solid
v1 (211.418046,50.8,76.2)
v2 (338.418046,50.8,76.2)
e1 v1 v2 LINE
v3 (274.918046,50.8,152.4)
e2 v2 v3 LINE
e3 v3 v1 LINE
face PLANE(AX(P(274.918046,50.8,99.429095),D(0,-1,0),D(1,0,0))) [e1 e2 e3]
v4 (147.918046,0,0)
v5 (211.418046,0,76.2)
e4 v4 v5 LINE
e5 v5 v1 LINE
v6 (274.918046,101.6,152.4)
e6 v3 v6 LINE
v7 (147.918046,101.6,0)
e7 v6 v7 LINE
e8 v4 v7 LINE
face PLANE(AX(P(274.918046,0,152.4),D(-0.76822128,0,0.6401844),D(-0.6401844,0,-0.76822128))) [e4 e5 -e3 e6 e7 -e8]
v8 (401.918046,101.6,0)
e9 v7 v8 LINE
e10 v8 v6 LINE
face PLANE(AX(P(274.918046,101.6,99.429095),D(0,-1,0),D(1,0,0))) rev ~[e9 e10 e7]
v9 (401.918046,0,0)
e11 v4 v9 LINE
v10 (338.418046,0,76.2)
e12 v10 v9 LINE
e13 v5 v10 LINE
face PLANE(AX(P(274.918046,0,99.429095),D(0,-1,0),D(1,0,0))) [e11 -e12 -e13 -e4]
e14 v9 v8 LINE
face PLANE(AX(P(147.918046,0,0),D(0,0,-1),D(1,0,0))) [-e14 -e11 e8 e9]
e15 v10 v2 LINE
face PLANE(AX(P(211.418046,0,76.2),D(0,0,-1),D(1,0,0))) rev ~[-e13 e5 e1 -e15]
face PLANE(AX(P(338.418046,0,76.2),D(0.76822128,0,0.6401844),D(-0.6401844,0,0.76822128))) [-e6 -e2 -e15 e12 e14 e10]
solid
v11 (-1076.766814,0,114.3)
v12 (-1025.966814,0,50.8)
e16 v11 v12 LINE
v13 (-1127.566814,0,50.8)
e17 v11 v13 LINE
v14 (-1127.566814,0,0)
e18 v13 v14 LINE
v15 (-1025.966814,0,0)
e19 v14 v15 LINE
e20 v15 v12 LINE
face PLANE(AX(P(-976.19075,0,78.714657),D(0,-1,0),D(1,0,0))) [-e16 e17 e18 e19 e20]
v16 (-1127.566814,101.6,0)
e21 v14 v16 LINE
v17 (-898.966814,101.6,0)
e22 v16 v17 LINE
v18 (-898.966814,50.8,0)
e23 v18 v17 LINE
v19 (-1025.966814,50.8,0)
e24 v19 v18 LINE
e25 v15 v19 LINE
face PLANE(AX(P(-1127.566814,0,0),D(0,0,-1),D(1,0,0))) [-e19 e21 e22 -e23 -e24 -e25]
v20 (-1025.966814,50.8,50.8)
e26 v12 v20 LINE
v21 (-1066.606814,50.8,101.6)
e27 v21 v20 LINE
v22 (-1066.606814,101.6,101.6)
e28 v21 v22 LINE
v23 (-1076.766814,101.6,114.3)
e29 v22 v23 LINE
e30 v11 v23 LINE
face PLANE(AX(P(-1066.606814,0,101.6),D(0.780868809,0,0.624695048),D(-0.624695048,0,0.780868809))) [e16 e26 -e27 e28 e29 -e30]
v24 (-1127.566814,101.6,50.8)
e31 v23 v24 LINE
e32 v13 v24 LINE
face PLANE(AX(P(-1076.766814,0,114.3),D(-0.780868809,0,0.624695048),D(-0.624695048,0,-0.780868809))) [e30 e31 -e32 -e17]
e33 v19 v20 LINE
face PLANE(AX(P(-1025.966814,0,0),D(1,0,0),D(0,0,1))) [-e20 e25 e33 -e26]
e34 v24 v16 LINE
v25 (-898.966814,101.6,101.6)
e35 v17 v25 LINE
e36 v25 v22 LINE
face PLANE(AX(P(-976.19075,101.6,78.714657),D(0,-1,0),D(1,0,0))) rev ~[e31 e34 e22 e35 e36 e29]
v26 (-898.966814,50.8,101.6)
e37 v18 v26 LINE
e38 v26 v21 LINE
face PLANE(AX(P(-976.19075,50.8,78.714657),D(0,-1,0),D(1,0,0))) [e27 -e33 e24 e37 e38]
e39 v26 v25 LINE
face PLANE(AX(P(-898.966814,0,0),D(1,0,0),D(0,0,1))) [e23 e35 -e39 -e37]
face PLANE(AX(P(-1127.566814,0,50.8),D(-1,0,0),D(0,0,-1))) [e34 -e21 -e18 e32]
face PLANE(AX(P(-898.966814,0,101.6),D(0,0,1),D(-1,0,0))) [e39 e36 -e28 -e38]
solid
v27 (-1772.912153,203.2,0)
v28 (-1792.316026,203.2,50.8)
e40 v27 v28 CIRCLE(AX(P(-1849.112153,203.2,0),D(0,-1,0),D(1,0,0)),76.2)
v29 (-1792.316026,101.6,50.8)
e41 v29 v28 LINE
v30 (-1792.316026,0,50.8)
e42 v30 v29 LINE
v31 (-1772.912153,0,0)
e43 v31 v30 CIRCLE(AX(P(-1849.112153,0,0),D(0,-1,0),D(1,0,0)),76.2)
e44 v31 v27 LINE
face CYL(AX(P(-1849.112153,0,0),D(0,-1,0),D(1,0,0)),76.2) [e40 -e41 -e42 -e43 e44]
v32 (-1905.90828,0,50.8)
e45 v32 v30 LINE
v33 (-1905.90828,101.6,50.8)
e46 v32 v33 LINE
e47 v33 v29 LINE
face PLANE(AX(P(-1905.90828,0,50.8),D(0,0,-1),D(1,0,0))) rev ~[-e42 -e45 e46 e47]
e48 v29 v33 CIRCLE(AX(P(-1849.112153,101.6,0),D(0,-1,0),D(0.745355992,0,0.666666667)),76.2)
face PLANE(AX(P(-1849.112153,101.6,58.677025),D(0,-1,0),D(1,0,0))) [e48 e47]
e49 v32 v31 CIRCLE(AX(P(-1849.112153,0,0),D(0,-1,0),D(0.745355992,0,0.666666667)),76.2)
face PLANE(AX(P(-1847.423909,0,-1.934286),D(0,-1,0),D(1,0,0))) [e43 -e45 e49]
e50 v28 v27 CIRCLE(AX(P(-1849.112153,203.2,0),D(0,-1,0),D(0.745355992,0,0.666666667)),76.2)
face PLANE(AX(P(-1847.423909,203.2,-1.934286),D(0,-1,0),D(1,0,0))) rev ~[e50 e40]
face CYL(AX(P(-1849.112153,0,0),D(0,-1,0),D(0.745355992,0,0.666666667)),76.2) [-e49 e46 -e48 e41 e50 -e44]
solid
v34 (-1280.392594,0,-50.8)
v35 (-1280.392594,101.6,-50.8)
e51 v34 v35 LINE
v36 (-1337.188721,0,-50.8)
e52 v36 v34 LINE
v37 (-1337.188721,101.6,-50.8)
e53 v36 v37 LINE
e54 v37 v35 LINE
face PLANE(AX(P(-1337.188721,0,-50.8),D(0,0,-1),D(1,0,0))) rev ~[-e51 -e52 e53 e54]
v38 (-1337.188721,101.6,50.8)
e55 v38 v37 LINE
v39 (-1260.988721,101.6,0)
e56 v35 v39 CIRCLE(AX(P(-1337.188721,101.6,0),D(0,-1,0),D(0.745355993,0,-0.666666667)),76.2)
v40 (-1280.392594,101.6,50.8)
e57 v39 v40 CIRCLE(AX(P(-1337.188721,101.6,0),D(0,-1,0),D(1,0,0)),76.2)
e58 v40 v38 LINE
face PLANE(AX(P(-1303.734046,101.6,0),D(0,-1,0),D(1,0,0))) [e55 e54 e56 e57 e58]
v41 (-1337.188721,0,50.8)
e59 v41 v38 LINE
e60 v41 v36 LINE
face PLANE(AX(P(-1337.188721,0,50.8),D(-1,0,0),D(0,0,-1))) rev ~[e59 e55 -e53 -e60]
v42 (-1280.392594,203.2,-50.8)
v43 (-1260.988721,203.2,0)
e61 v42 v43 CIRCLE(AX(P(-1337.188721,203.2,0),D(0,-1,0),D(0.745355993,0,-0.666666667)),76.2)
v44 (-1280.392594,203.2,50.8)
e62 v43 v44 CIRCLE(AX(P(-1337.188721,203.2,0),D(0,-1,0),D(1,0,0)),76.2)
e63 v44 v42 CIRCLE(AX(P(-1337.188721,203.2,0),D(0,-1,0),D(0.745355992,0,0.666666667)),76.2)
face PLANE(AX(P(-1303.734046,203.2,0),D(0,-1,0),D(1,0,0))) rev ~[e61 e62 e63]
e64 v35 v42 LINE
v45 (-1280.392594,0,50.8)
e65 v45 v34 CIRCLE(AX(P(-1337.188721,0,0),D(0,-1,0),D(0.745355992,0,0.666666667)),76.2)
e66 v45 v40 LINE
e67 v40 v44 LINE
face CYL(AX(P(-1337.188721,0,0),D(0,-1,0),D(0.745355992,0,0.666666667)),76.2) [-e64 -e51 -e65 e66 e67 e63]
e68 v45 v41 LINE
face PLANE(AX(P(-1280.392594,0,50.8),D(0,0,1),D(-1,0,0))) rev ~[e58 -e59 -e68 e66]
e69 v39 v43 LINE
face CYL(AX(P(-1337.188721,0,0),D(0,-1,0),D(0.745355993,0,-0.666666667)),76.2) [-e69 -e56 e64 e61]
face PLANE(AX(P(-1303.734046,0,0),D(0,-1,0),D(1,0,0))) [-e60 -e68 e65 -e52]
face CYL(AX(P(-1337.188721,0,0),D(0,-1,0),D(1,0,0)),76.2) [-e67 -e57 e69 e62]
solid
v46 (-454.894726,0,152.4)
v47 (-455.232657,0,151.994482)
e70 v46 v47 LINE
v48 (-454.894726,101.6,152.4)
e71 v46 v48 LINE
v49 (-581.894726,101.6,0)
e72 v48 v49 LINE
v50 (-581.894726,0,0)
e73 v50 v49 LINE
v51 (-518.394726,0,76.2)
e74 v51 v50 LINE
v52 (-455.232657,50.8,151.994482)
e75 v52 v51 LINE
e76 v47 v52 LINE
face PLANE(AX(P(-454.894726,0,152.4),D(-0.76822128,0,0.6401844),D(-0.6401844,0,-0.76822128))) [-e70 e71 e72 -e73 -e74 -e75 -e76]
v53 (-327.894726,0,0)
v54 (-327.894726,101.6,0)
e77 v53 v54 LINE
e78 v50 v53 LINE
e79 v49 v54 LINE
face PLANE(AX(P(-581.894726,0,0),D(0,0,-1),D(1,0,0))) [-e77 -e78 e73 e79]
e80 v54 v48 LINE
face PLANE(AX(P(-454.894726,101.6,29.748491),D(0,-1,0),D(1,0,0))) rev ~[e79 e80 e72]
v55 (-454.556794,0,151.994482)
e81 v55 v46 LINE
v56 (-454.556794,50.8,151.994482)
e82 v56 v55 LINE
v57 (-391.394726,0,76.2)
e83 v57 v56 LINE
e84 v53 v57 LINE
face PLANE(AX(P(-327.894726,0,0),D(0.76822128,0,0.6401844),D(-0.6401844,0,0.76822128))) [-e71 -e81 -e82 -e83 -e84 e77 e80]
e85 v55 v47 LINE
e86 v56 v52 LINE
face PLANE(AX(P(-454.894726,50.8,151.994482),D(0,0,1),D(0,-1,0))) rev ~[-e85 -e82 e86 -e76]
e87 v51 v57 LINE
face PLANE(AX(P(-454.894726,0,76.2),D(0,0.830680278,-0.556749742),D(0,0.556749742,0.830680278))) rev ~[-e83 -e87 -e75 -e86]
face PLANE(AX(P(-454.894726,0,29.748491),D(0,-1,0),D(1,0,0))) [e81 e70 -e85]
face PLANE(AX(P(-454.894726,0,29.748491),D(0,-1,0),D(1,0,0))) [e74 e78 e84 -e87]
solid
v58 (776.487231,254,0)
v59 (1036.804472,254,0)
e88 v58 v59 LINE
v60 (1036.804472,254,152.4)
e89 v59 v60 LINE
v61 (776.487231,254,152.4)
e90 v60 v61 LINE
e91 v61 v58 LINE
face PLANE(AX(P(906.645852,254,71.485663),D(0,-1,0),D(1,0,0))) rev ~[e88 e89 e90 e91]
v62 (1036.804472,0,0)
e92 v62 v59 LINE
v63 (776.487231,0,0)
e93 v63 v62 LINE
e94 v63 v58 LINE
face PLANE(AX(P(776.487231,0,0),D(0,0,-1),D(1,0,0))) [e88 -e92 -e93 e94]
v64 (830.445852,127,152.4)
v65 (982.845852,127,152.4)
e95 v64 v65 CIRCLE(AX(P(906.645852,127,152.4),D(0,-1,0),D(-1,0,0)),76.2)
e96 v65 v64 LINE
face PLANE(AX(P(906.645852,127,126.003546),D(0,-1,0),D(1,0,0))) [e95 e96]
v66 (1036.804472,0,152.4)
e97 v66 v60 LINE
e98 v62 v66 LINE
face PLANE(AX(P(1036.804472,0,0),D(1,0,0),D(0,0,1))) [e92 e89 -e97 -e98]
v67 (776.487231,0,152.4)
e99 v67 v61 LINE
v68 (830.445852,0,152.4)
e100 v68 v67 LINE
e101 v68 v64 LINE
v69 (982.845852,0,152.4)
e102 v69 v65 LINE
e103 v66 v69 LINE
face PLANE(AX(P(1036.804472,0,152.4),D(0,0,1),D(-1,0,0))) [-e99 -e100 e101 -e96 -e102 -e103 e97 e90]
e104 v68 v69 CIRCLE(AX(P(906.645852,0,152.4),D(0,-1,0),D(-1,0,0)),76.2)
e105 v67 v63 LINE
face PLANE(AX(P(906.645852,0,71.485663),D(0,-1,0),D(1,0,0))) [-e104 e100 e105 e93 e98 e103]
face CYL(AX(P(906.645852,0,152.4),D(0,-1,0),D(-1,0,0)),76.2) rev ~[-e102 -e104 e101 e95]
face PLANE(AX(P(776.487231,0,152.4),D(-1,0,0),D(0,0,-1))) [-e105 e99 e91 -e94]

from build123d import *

# Parameters (mm, degrees)
F1_DEPTH  = 101.6
F2_DEPTH  = 101.6
F3_DEPTH  = 50.8
F5_DEPTH  = 101.6
F9_DEPTH  = 63.5
F10_W     = 127
F10_H     = 50.8
F11_DEPTH = 101.6
F12_DEPTH = 50.8
F14_DEPTH = 203.2
F15_DEPTH = 101.6
F17_DEPTH = 203.2
F18_DEPTH = 101.6
F20_DEPTH = 254
F21_DEPTH = 127


with BuildPart() as f1:
    # F0 (on Front) → F1 (new body)
    with BuildSketch(Plane.XZ):
        Polygon((211.4180455208, 76.2), (147.9180455208, 0), (401.9180455208, 0), (338.4180455208, 76.2), align=None)
    extrude(amount=-F1_DEPTH)

    # F0 (on Front) → F2 (join)
    with BuildSketch(Plane.XZ):
        Polygon((274.9180455208, 152.4), (211.4180455208, 76.2), (338.4180455208, 76.2), align=None)
    extrude(amount=-F2_DEPTH)

    # F0 (on Front) → F3 (cut)
    with BuildSketch(Plane.XZ):
        Polygon((274.9180455208, 152.4), (211.4180455208, 76.2), (338.4180455208, 76.2), align=None)
    extrude(amount=-F3_DEPTH, mode=Mode.SUBTRACT)


with BuildPart() as f5:
    # F4 (on Front) → F5 (new body)
    with BuildSketch(Plane.XZ):
        Polygon((-581.8947255611, 0), (-327.8947255611, 0), (-391.3947255611, 76.2), (-454.8947255611, 76.2), (-518.3947255611, 76.2), align=None)
        Polygon((-454.8947255611, 76.2), (-391.3947255611, 76.2), (-454.8947255611, 152.4), align=None)
        Polygon((-454.8947255611, 152.4), (-518.3947255611, 76.2), (-454.8947255611, 76.2), align=None)
    extrude(amount=-F5_DEPTH)

    # F8 (on 3pt) → F9 (cut, symmetric)
    with BuildSketch(Plane.YZ.offset(-454.8947255611)):
        Polygon((0, 151.9944816828), (0, 76.2), (50.8, 151.9944816828), align=None)
    extrude(amount=F9_DEPTH, both=True, mode=Mode.SUBTRACT)


with BuildPart() as f11:
    # F10 (on Front) → F11 (new body)
    with BuildSketch(Plane.XZ):
        Polygon((-1025.9668144226, 50.8), (-898.9668144226, 50.8), (-898.9668144226, 101.6), (-1066.6068144226, 101.6), align=None)
        Polygon((-1127.5668144226, 0), (-1025.9668144226, 0), (-1025.9668144226, 50.8), (-1066.6068144226, 101.6), (-1076.7668144226, 114.3), (-1127.5668144226, 50.8), align=None)
        with Locations((-962.4668144226, 25.4)):
            Rectangle(F10_W, F10_H)
    extrude(amount=-F11_DEPTH)

    # F10 (on Front) → F12 (cut)
    with BuildSketch(Plane.XZ):
        Polygon((-1025.9668144226, 50.8), (-898.9668144226, 50.8), (-898.9668144226, 101.6), (-1066.6068144226, 101.6), align=None)
        with Locations((-962.4668144226, 25.4)):
            Rectangle(F10_W, F10_H)
    extrude(amount=-F12_DEPTH, mode=Mode.SUBTRACT)


with BuildPart() as f14:
    # F13 (on Front) → F14 (new body)
    with BuildSketch(Plane.XZ):
        with BuildLine():
            ThreePointArc((-1905.9082796818, 50.8), (-1876.301996294, -71.183933753), (-1772.9121530533, 0))
            ThreePointArc((-1772.9121530533, 0), (-1777.9282193003, 27.1898432407), (-1792.3160264248, 50.8))
            Line((-1792.3160264248, 50.8), (-1849.1121530533, 50.8))
            Line((-1849.1121530533, 50.8), (-1905.9082796818, 50.8))
        make_face()
        with BuildLine():
            Line((-1849.1121530533, 50.8), (-1792.3160264248, 50.8))
            ThreePointArc((-1792.3160264248, 50.8), (-1849.1121530533, 76.2), (-1905.9082796818, 50.8))
            Line((-1905.9082796818, 50.8), (-1849.1121530533, 50.8))
        make_face()
    extrude(amount=-F14_DEPTH)

    # F13 (on Front) → F15 (cut)
    with BuildSketch(Plane.XZ):
        with BuildLine():
            Line((-1849.1121530533, 50.8), (-1792.3160264248, 50.8))
            ThreePointArc((-1792.3160264248, 50.8), (-1849.1121530533, 76.2), (-1905.9082796818, 50.8))
            Line((-1905.9082796818, 50.8), (-1849.1121530533, 50.8))
        make_face()
    extrude(amount=-F15_DEPTH, mode=Mode.SUBTRACT)


with BuildPart() as f17:
    # F16 (on Front) → F17 (new body)
    with BuildSketch(Plane.XZ):
        with BuildLine():
            ThreePointArc((-1280.3925940746, -50.8), (-1266.0047869502, -27.1898432407), (-1260.9887207031, 0))
            ThreePointArc((-1260.9887207031, 0), (-1266.0047869502, 27.1898432407), (-1280.3925940746, 50.8))
            Line((-1280.3925940746, 50.8), (-1337.1887207031, 50.8))
            Line((-1337.1887207031, 50.8), (-1337.1887207031, 0))
            Line((-1337.1887207031, 0), (-1337.1887207031, -50.8))
            Line((-1337.1887207031, -50.8), (-1280.3925940746, -50.8))
        make_face()
        with BuildLine():
            Line((-1337.1887207031, 50.8), (-1280.3925940746, 50.8))
            ThreePointArc((-1280.3925940746, 50.8), (-1413.3887207031, 0), (-1280.3925940746, -50.8))
            Line((-1280.3925940746, -50.8), (-1337.1887207031, -50.8))
            Line((-1337.1887207031, -50.8), (-1337.1887207031, 0))
            Line((-1337.1887207031, 0), (-1337.1887207031, 50.8))
        make_face()
    extrude(amount=-F17_DEPTH)

    # F16 (on Front) → F18 (cut)
    with BuildSketch(Plane.XZ):
        with BuildLine():
            ThreePointArc((-1280.3925940746, -50.8), (-1266.0047869502, -27.1898432407), (-1260.9887207031, 0))
            ThreePointArc((-1260.9887207031, 0), (-1266.0047869502, 27.1898432407), (-1280.3925940746, 50.8))
            Line((-1280.3925940746, 50.8), (-1337.1887207031, 50.8))
            Line((-1337.1887207031, 50.8), (-1337.1887207031, 0))
            Line((-1337.1887207031, 0), (-1337.1887207031, -50.8))
            Line((-1337.1887207031, -50.8), (-1280.3925940746, -50.8))
        make_face()
    extrude(amount=-F18_DEPTH, mode=Mode.SUBTRACT)


with BuildPart() as f20:
    # F19 (on Front) → F20 (new body)
    with BuildSketch(Plane.XZ):
        with BuildLine():
            Line((776.4872312546, 152.4), (776.4872312546, 0))
            Line((776.4872312546, 0), (1036.8044717789, 0))
            Line((1036.8044717789, 0), (1036.8044717789, 152.4))
            Line((1036.8044717789, 152.4), (986.0044717789, 152.4))
            Line((986.0044717789, 152.4), (982.8458515167, 152.4))
            ThreePointArc((982.8458515167, 152.4), (906.6458515167, 76.2), (830.4458515167, 152.4))
            Line((830.4458515167, 152.4), (827.2872312546, 152.4))
            Line((827.2872312546, 152.4), (776.4872312546, 152.4))
        make_face()
        with BuildLine():
            Line((906.6458515167, 152.4), (830.4458515167, 152.4))
            ThreePointArc((830.4458515167, 152.4), (906.6458515167, 76.2), (982.8458515167, 152.4))
            Line((982.8458515167, 152.4), (906.6458515167, 152.4))
        make_face()
    extrude(amount=-F20_DEPTH)

    # F19 (on Front) → F21 (cut)
    with BuildSketch(Plane.XZ):
        with BuildLine():
            Line((906.6458515167, 152.4), (830.4458515167, 152.4))
            ThreePointArc((830.4458515167, 152.4), (906.6458515167, 76.2), (982.8458515167, 152.4))
            Line((982.8458515167, 152.4), (906.6458515167, 152.4))
        make_face()
    extrude(amount=-F21_DEPTH, mode=Mode.SUBTRACT)


solid = Compound([f1.part, f5.part, f11.part, f14.part, f17.part, f20.part])
